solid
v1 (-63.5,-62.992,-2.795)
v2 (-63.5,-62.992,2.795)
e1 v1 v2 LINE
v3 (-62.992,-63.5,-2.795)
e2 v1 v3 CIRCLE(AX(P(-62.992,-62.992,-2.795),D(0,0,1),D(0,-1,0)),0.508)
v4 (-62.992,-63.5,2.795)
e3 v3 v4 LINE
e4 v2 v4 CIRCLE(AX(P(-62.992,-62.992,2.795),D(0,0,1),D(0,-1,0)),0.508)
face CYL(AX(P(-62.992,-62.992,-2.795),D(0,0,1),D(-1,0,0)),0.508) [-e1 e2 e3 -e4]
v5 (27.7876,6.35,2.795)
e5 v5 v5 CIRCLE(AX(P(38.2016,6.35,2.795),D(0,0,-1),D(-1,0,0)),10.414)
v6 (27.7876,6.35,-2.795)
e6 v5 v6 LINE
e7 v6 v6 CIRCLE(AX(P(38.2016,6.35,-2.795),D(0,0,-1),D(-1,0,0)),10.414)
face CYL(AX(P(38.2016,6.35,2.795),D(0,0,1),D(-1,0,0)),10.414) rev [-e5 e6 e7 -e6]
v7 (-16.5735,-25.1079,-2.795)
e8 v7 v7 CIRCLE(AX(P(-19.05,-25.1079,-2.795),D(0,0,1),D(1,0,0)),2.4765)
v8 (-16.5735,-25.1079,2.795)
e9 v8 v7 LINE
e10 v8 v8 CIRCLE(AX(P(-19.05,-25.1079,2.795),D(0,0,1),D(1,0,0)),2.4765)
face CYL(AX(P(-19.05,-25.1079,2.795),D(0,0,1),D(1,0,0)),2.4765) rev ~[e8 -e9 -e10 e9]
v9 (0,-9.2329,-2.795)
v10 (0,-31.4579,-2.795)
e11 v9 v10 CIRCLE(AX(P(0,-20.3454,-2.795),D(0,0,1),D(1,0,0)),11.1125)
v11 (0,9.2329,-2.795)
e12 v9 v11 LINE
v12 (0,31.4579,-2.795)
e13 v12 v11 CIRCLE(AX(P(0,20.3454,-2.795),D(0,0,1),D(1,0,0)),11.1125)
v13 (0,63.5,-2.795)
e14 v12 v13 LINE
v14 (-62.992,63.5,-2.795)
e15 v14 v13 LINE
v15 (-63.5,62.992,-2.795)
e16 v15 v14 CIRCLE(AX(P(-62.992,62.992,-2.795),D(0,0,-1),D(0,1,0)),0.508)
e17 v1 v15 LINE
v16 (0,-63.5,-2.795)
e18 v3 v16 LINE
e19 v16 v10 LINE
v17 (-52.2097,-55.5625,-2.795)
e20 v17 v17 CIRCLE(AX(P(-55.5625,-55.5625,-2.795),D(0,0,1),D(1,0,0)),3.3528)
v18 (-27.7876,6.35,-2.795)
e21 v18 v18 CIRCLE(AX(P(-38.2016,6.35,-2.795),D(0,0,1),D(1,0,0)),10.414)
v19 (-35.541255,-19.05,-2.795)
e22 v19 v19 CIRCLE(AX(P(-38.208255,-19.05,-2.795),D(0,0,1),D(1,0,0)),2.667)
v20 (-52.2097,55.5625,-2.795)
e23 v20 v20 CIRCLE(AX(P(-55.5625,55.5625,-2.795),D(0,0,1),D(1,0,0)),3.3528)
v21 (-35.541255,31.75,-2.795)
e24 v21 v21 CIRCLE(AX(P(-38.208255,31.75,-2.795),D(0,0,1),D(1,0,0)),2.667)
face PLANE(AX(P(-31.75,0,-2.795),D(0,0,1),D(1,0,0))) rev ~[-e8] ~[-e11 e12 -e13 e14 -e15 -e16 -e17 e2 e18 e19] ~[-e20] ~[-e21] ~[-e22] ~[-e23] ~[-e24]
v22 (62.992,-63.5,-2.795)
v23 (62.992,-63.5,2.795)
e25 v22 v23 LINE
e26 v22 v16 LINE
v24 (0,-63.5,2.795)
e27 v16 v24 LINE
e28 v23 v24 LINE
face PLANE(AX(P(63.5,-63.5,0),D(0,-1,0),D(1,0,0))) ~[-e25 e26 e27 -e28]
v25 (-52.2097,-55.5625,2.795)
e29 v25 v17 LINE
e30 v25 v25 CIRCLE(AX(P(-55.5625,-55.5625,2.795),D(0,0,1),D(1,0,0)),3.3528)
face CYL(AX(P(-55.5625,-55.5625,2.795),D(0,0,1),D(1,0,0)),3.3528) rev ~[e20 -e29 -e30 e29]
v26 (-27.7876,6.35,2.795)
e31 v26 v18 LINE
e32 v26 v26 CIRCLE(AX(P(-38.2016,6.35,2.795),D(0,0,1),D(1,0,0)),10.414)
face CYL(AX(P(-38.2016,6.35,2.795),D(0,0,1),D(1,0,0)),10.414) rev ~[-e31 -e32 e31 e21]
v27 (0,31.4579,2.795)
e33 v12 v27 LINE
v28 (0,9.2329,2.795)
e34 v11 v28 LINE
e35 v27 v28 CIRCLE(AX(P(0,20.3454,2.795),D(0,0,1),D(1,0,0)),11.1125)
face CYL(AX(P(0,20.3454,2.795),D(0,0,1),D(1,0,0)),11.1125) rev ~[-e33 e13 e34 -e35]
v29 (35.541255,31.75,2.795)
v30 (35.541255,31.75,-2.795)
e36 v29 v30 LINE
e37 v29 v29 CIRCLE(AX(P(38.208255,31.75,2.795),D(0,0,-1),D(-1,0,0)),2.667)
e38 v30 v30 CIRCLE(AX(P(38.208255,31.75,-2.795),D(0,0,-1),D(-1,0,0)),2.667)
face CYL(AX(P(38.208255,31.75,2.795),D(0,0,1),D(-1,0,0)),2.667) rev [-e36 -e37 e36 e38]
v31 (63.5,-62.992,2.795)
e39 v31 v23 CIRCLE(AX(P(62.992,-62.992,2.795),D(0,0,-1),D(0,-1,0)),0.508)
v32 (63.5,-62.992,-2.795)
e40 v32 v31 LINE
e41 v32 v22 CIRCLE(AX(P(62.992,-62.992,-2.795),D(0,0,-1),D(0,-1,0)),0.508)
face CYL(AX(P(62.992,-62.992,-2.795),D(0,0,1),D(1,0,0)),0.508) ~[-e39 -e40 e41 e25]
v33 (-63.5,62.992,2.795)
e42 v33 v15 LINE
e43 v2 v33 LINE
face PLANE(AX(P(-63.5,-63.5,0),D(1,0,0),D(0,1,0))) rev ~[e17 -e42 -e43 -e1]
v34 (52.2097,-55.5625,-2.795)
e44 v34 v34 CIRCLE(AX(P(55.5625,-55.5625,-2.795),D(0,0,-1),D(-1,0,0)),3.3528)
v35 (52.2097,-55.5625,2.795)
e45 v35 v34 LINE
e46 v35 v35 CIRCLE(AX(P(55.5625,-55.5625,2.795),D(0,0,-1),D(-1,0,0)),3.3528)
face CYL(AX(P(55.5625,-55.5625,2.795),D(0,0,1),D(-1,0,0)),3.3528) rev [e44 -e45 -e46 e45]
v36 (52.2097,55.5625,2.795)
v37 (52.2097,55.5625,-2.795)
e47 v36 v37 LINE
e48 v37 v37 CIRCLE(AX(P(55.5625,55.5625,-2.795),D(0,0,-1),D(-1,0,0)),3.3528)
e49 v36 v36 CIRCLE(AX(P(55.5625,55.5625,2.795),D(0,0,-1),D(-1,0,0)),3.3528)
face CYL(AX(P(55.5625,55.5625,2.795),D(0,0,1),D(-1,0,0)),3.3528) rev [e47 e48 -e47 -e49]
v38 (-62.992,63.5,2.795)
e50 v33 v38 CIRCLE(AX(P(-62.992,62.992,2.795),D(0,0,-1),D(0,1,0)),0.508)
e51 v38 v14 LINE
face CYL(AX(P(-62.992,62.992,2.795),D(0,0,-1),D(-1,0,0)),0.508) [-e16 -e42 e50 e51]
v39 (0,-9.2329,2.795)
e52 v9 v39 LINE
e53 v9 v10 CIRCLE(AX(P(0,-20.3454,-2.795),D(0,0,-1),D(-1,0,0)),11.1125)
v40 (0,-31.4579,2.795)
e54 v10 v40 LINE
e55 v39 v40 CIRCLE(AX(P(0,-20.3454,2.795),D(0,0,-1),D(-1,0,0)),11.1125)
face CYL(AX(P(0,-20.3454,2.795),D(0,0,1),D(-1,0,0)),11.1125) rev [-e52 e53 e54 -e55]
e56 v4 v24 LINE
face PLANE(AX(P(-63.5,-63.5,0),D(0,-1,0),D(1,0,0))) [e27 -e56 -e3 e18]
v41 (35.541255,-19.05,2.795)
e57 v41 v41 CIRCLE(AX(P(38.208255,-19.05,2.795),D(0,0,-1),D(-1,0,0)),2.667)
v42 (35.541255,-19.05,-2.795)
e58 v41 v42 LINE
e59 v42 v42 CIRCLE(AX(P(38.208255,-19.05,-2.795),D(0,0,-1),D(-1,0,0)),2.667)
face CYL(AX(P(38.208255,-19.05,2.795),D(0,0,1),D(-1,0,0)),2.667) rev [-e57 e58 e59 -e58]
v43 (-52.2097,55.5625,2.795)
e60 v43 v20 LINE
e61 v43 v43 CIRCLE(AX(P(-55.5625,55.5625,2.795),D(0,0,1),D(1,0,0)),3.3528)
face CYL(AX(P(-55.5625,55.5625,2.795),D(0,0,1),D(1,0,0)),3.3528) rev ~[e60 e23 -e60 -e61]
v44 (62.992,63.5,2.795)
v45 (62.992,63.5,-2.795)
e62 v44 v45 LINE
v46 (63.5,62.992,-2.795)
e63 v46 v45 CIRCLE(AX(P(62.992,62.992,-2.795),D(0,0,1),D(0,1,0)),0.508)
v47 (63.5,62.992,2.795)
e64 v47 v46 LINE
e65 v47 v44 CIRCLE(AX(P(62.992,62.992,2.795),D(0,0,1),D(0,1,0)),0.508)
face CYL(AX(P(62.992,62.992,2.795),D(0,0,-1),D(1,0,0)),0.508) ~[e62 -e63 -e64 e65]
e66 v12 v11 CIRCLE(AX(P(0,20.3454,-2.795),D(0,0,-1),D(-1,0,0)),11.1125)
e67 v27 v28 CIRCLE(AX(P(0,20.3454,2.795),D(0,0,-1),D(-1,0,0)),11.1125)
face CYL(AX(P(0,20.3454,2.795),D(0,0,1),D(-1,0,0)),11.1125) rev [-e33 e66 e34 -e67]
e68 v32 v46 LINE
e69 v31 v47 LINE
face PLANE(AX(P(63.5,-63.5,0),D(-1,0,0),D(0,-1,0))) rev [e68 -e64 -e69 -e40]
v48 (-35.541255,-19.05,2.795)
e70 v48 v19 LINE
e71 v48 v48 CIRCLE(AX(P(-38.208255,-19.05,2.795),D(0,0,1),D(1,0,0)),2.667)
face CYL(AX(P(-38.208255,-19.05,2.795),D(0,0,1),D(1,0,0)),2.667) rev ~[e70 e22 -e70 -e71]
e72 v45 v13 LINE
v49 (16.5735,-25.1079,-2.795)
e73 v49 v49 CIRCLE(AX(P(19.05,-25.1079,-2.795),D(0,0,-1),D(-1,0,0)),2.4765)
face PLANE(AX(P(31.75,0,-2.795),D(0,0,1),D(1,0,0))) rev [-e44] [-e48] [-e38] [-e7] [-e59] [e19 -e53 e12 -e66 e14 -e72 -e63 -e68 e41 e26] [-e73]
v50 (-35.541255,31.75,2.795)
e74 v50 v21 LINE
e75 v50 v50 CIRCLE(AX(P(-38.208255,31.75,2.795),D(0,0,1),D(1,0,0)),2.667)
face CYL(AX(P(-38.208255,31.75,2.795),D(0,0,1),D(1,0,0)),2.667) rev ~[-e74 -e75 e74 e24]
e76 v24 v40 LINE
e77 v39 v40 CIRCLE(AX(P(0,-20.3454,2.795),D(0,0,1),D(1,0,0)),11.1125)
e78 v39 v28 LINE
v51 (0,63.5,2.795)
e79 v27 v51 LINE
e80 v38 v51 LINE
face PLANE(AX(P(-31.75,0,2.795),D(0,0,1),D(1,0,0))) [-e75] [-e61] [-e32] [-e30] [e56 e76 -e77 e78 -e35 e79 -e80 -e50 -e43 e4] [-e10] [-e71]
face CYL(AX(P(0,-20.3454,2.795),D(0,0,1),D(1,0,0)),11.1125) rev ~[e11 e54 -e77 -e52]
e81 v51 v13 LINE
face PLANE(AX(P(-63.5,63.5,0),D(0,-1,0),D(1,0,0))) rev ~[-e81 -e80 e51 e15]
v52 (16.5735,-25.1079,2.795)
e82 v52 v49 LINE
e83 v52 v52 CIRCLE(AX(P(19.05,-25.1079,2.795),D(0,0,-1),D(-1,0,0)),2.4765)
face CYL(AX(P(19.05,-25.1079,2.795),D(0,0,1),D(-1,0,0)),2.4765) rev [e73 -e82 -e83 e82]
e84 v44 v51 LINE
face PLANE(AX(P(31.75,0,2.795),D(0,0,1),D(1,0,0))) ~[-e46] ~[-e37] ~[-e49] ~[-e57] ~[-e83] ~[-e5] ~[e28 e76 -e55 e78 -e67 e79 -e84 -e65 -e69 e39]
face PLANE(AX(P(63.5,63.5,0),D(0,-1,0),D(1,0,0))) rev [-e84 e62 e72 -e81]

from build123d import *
from build123d.topology import SkipClean

# Parameters (mm, degrees)
SKETCH1_W      = 63.5
SKETCH1_H      = 127
EXTRUDE1_DEPTH = 2.795
SKETCH2_R      = 3.3528
SKETCH2_R_2    = 10.414
SKETCH2_R_3    = 2.667
SKETCH2_R_4    = 2.4765
SKETCH2_R_5    = 11.1125
EXTRUDE2_DEPTH = 90.976375233
FILLET1_R      = 0.508


with BuildPart() as part:
    # Sketch1 → Extrude1 (new, symmetric)
    with BuildSketch(Plane.XY):
        with Locations((-31.75, 0)):
            Rectangle(SKETCH1_W, SKETCH1_H)
    extrude(amount=EXTRUDE1_DEPTH, both=True)

    # Sketch2 → Extrude2 (cut, through all)
    with BuildSketch(Plane.XY.offset(2.795)):
        with Locations((-55.5625, 55.5625)):
            Circle(SKETCH2_R)
        with Locations((-38.2016, 6.35)):
            Circle(SKETCH2_R_2)
        with Locations((-38.2082548, -19.05)):
            Circle(SKETCH2_R_3)
        with Locations((-19.05, -25.1079)):
            Circle(SKETCH2_R_4)
        with Locations((-38.2082548, 31.75)):
            Circle(SKETCH2_R_3)
        with Locations((0, -20.3454)):
            Circle(SKETCH2_R_5)
        with Locations((-55.5625, -55.5625)):
            Circle(SKETCH2_R)
        with Locations((0, 20.3454)):
            Circle(SKETCH2_R_5)
    extrude(amount=-EXTRUDE2_DEPTH, mode=Mode.SUBTRACT)

    # Fillet1
    fillet1_edges = [part.edges().sort_by_distance(p)[0] for p in [
        (-63.5, -63.5, 0),
        (-63.5, 63.5, 0),
    ]]
    fillet(fillet1_edges, radius=FILLET1_R)

    # Mirror1: part across plane


with BuildPart() as part_1:
    with SkipClean():  # the faces are left unmerged after this step: merging them gives an invalid solid
        add(part.part)
        add(part.part.mirror(Plane(origin=(0, -110.583968638, 2.795), x_dir=(0, 0, 1), z_dir=(1, 0, 0))))


solid = part_1.part
